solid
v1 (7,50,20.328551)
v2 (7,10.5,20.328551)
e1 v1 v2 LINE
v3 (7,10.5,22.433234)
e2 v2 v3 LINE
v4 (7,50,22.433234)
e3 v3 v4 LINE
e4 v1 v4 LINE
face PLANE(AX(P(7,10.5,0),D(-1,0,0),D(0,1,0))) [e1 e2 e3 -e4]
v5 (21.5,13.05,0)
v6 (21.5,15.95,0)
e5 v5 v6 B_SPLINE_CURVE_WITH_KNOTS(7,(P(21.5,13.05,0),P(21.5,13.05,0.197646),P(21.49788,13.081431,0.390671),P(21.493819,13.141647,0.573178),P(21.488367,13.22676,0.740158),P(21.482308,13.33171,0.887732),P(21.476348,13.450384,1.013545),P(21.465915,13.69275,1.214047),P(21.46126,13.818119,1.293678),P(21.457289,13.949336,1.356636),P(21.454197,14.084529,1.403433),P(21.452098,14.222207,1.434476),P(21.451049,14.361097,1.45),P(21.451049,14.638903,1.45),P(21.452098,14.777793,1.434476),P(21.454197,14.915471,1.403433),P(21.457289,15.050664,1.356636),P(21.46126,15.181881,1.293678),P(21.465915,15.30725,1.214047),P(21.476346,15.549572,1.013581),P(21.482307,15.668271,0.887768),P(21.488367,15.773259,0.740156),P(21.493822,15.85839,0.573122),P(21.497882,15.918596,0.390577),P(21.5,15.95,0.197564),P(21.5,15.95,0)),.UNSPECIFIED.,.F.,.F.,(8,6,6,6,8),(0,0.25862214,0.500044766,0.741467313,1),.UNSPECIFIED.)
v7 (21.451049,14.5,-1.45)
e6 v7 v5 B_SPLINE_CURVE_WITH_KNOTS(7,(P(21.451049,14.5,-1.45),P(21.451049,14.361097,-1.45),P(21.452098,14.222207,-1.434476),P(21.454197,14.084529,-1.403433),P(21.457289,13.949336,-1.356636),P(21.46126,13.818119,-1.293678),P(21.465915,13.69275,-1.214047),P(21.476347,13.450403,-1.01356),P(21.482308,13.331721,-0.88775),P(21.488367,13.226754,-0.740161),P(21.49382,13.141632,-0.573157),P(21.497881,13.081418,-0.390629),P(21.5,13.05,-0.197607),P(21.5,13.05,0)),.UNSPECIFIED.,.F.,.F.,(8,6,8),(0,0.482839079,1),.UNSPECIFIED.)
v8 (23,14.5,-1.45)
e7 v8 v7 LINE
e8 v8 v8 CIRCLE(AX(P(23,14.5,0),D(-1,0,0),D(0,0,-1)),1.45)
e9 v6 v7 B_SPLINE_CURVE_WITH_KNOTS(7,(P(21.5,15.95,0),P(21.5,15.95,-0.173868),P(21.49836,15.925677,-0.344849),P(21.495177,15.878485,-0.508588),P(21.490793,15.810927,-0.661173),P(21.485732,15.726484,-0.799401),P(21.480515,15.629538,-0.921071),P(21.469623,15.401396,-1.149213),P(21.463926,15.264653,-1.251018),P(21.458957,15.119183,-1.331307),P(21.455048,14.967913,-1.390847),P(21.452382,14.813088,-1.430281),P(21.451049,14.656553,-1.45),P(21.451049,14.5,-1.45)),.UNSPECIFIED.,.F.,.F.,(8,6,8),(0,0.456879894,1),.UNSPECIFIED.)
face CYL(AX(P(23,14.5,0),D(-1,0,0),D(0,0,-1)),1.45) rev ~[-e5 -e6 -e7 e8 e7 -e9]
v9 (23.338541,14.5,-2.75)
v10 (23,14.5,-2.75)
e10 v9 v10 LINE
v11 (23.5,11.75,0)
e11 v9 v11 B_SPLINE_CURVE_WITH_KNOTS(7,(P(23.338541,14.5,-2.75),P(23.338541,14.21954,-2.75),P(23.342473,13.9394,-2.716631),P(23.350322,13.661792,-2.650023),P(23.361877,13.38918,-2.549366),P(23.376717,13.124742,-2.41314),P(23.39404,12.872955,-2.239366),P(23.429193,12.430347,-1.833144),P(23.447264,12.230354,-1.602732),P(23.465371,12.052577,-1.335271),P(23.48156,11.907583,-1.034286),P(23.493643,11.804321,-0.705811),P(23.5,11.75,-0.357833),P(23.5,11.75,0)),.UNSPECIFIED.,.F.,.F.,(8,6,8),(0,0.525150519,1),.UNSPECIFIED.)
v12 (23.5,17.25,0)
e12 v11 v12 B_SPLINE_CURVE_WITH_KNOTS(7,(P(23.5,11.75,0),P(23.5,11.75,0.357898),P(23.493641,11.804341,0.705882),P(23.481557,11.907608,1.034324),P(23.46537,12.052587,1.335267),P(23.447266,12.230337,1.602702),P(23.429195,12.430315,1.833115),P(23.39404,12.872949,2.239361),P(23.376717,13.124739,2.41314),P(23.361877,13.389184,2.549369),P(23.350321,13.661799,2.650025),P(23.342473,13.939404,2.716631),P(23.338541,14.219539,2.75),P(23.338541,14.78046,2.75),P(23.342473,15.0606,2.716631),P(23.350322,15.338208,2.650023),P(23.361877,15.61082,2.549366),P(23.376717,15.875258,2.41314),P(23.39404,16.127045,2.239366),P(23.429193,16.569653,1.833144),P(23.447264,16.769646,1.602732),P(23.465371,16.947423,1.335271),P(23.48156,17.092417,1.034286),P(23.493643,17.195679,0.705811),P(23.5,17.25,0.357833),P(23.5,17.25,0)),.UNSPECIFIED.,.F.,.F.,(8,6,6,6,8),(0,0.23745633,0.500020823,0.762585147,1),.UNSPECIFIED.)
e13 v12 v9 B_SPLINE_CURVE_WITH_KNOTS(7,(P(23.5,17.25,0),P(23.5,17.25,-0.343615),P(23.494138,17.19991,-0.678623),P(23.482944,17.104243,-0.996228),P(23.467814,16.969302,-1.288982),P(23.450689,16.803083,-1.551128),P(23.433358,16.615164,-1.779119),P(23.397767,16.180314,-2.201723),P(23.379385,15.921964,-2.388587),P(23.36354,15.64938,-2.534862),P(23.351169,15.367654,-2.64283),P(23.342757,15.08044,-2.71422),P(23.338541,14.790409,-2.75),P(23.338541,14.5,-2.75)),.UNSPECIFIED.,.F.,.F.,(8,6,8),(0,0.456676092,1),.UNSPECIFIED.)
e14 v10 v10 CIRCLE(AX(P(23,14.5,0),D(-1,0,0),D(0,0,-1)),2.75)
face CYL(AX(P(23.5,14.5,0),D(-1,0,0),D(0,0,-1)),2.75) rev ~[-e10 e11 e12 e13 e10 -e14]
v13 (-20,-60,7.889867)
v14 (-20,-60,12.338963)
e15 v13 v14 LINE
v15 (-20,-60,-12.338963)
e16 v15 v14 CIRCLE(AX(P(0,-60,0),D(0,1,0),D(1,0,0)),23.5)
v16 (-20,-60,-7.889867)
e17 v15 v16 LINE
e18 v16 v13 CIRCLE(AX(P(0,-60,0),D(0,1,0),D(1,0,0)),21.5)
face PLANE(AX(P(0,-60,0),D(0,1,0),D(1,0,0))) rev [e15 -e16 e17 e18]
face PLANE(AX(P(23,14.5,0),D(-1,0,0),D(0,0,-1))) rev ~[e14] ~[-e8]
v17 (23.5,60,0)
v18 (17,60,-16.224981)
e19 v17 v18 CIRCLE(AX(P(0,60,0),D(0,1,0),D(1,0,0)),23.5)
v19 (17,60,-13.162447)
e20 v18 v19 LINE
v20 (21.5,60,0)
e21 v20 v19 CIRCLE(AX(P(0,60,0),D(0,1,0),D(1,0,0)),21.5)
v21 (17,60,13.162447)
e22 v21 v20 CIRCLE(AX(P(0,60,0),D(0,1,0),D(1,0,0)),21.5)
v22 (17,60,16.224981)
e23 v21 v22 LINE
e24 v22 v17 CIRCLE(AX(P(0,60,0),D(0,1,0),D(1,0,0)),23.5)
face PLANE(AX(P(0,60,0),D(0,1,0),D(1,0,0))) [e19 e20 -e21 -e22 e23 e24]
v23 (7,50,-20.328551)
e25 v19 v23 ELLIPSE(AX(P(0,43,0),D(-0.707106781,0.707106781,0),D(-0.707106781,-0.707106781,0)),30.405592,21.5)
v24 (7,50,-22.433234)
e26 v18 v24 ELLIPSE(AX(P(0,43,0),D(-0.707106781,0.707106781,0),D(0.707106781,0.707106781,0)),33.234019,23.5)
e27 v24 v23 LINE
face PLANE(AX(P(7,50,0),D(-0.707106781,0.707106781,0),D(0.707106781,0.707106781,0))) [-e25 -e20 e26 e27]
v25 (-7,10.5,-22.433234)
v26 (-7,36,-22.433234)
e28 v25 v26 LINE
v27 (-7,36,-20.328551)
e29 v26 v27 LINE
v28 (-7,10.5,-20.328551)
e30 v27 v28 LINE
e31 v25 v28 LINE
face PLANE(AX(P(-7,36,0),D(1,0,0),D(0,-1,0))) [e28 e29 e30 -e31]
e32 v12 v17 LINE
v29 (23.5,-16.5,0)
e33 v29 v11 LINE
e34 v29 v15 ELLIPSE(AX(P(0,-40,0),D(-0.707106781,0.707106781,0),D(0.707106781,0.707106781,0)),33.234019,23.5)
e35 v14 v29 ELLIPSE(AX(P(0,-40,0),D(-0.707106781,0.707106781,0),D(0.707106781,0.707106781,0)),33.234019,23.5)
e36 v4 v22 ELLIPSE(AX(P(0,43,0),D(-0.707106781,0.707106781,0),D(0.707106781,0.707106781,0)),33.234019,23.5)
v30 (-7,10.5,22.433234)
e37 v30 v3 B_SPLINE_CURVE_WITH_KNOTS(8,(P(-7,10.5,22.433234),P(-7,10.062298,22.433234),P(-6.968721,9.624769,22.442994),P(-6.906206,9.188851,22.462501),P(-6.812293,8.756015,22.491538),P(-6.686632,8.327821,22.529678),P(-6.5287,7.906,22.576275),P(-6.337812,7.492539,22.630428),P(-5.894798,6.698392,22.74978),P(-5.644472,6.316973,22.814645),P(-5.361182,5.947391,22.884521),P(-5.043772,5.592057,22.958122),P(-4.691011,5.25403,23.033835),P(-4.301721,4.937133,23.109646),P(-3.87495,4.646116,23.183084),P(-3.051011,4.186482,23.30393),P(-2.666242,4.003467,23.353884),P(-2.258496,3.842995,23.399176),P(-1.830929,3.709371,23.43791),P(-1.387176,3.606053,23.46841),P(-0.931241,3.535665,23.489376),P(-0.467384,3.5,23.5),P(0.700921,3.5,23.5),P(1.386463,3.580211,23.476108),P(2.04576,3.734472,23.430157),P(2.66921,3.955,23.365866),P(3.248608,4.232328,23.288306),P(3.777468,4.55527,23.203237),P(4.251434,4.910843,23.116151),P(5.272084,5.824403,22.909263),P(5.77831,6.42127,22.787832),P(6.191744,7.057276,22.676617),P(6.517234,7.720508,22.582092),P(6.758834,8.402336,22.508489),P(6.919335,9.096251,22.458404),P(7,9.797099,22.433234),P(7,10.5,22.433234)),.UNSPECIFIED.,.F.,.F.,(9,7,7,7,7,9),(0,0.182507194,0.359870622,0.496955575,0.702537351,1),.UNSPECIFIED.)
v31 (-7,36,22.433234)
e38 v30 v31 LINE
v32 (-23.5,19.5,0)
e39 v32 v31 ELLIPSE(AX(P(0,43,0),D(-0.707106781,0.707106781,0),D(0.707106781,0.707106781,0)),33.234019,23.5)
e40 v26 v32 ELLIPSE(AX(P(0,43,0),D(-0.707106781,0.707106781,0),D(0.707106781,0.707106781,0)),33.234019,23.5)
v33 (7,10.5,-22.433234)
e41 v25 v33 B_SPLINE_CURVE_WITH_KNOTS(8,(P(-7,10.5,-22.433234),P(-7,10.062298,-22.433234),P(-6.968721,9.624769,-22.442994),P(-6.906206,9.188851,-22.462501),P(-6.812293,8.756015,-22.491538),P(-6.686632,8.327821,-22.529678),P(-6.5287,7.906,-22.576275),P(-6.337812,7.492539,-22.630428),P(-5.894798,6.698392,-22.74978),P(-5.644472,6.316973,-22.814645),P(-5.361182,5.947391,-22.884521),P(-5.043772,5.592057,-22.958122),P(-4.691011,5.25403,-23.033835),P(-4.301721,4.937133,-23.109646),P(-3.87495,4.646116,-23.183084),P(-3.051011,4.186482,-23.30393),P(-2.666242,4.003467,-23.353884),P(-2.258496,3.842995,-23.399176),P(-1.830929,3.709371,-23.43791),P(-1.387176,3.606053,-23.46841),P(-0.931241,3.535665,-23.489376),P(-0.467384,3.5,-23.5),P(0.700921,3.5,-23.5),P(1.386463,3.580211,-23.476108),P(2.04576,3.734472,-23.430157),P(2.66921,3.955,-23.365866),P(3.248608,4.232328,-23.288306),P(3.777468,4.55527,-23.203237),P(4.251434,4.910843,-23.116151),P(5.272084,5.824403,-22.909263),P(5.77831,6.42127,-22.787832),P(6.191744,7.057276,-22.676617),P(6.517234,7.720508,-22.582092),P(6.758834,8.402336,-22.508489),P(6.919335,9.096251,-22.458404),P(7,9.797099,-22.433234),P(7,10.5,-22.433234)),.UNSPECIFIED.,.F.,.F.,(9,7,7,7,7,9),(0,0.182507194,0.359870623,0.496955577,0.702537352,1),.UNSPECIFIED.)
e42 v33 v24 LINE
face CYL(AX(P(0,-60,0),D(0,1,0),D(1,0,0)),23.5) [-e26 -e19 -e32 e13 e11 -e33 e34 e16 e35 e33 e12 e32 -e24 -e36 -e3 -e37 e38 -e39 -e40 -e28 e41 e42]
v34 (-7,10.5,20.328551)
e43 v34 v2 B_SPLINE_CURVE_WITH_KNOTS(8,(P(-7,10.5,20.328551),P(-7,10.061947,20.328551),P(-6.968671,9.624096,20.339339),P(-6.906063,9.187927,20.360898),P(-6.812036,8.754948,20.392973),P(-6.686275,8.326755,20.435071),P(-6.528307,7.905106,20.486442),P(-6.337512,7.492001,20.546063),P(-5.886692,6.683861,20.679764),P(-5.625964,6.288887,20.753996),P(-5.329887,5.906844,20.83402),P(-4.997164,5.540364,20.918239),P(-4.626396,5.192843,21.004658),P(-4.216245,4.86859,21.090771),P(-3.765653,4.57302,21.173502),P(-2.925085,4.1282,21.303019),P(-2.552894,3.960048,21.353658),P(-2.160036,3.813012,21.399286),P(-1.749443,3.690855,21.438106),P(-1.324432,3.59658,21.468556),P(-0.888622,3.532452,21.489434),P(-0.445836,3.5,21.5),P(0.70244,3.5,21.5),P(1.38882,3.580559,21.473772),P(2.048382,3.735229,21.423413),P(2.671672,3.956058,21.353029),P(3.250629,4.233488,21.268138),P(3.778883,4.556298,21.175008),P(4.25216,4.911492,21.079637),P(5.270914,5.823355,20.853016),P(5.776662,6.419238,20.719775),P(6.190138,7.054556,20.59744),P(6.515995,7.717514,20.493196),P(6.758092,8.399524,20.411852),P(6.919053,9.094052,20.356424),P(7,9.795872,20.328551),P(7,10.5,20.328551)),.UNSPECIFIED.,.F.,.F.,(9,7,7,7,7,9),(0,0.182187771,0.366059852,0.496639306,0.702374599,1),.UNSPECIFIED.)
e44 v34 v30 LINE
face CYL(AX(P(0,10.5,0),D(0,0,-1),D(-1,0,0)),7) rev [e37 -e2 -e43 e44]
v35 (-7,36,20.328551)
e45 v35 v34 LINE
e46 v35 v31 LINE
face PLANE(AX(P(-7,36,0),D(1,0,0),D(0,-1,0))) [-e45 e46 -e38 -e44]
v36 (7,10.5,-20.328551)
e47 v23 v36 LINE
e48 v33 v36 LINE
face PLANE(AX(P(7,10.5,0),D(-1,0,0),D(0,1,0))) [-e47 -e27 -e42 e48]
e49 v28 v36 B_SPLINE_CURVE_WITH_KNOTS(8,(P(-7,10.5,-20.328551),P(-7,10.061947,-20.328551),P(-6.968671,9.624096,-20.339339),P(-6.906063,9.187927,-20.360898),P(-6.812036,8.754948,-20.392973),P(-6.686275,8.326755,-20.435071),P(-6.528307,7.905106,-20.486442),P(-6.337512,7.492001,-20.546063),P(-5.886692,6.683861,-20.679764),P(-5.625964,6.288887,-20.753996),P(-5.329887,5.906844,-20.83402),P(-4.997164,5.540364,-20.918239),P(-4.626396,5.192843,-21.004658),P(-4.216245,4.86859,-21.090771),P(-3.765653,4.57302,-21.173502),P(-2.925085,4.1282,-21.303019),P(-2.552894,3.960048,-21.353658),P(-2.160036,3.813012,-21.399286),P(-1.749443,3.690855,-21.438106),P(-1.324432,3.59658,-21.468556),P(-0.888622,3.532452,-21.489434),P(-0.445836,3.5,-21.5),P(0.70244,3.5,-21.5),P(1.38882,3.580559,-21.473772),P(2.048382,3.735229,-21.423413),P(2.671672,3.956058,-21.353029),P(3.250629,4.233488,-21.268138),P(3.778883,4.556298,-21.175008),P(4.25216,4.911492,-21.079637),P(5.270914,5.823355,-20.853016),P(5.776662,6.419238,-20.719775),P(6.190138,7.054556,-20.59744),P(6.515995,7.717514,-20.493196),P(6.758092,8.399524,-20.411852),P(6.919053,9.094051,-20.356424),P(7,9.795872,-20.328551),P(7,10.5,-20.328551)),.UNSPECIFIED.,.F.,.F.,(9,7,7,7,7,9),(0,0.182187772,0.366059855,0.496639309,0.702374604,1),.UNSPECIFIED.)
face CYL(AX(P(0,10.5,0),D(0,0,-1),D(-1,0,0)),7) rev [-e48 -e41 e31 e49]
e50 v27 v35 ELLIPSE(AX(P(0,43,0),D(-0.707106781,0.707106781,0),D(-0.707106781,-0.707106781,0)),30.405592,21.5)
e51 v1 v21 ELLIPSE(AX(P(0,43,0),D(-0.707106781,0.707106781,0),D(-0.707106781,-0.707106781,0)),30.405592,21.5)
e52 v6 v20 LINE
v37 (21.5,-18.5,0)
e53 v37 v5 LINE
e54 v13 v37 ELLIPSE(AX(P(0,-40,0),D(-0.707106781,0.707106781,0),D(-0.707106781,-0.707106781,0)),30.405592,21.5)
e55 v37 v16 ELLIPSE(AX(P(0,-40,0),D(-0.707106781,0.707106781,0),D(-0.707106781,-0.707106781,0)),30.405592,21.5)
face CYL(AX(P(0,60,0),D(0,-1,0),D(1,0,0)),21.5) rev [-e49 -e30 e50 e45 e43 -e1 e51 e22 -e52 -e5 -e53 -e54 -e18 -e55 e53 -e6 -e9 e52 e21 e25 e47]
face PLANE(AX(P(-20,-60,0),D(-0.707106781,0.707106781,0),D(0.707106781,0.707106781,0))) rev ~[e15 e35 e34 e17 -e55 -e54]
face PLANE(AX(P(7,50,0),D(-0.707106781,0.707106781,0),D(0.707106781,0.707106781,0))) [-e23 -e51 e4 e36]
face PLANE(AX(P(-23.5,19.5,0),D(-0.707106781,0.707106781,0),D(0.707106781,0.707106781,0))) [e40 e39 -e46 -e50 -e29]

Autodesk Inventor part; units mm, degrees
ref_plane "XZ Plane" through (0, 0, 0) normal (0, 1, 0) x (-1, 0, 0)
ref_plane "XY Plane" through (0, 0, 0) normal (0, 0, 1) x (1, 0, 0)
sketch "Sketch1" plane through (0, 0, 0) normal (0, 0, 1) x (1, 0, 0)
  line L0 (-23.5, -60) -> (23.5, -60)
  line L1 (23.5, -60) -> (23.5, 60)
  line L2 (23.5, 60) -> (-23.5, 60)
  line L3 (-23.5, 60) -> (-23.5, -60)
  line L4 (-23.5, -60) -> (23.5, 60) construction
  line L5 (23.5, -60) -> (-23.5, 60) construction
  line L6 (-23.5, 19.5) -> (17, 60)
  line L7 (-20, -60) -> (23.5, -16.5)
  line L8 (21.5, 60) -> (21.5, -60)
  line L9 (-21.5, 60) -> (-21.5, -60)
  line L10 (0, 60) -> (0, 10.5) construction
  line L11 (-7, 60) -> (-7, 10.5)
  line L12 (7, 10.5) -> (7, 60)
  arc A0 (7, 60) -> (-7, 60) centre (0, 60) ccw
  arc A1 (-7, 10.5) -> (7, 10.5) centre (0, 10.5) ccw
  line L13 (0, 60) -> (0, -60)
  line L14 (0, -85.4) -> (0, 92.4) projected
  point P0 (0, 0)
  point P1 (0, 35.25)
  point P2 (-7, 36)
  point P3 (7, 50)
  dimension "d0" = 2
  dimension "d1" = 2
  dimension "d2" = 47
  dimension "d3" = 14
  dimension "d4" = 120
  dimension "d5" = 56.5
  dimension "d6" = 20
  dimension "d7" = 45
  dimension "d9" = 17
revolve "Revolution1" add sketch "Sketch1" angle 360 about axis through (0, -10, 0) along (0, 1, 0) contours L8 L7 L1 L0 | L8 L2 L1 L7
extrude "Extrusion1" cut sketch "Sketch1" along normal through all both and the other way through all contours L3 L2 L9 L6 | L7 L13 L0 | L9 L2 L11 L6 | L13 L7 L8 L0 | L11 L2 L13 L6 | L6 L13 A1 L11 | L8 L7 L1 L0 | L13 L6 L12 A1 | L13 L2 L12 L6 | A0 L14 L2 | L12 L2 L6 | L14 A0 L2
ref_plane "Work Plane1" through (23.5, 0, 0) normal (1, 0, 0) x (0, 1, 0)
sketch "Sketch2" plane through (23.5, 0, 0) normal (1, 0, 0) x (0, 1, 0)
  arc A0 (60, -16.225) -> (50, 22.4332) centre (43, 0) ccw projected
  line L0 (50, 22.4332) -> (10.5, 22.4332) projected
  line L1 (10.5, 22.4332) -> (36, 22.4332) projected
  arc A1 (36, 22.4332) -> (36, -22.4332) centre (43, 0) ccw projected
  line L2 (36, -22.4332) -> (10.5, -22.4332) projected
  line L3 (10.5, -22.4332) -> (50, -22.4332) projected
  arc A2 (50, -22.4332) -> (60, 16.225) centre (43, 0) ccw projected
  line L4 (60, 16.225) -> (60, -16.225) projected
  arc A3 (-60, -12.339) -> (-60, 12.339) centre (-40, 0) ccw projected
  line L5 (-60, 12.339) -> (-60, -12.339) projected
  line L6 (60, -16.225) -> (60, 16.225) projected
  line L7 (60, 0) -> (-16.5, 0)
  arc A4 (-60, -12.339) -> (-60, 12.339) centre (-40, 0) ccw projected
  point P0 (0, 0)
  point P1 (19.5, 0)
  point P2 (14.5, 0)
  dimension "d20" = 5
hole "Hole1" at (23.5, 14.5, 0) direction (-1, 0, 0) diameter 2.9 depth 5 counterbore diameter 5.5 counterbore depth 0.5 clearance for "Socket Head Cap Screw DIN EN ISO 4762" size "M2.5" standard "DIN"
equation "\"d1\" = d0"
properties part number "Test_Blade_Guard"
